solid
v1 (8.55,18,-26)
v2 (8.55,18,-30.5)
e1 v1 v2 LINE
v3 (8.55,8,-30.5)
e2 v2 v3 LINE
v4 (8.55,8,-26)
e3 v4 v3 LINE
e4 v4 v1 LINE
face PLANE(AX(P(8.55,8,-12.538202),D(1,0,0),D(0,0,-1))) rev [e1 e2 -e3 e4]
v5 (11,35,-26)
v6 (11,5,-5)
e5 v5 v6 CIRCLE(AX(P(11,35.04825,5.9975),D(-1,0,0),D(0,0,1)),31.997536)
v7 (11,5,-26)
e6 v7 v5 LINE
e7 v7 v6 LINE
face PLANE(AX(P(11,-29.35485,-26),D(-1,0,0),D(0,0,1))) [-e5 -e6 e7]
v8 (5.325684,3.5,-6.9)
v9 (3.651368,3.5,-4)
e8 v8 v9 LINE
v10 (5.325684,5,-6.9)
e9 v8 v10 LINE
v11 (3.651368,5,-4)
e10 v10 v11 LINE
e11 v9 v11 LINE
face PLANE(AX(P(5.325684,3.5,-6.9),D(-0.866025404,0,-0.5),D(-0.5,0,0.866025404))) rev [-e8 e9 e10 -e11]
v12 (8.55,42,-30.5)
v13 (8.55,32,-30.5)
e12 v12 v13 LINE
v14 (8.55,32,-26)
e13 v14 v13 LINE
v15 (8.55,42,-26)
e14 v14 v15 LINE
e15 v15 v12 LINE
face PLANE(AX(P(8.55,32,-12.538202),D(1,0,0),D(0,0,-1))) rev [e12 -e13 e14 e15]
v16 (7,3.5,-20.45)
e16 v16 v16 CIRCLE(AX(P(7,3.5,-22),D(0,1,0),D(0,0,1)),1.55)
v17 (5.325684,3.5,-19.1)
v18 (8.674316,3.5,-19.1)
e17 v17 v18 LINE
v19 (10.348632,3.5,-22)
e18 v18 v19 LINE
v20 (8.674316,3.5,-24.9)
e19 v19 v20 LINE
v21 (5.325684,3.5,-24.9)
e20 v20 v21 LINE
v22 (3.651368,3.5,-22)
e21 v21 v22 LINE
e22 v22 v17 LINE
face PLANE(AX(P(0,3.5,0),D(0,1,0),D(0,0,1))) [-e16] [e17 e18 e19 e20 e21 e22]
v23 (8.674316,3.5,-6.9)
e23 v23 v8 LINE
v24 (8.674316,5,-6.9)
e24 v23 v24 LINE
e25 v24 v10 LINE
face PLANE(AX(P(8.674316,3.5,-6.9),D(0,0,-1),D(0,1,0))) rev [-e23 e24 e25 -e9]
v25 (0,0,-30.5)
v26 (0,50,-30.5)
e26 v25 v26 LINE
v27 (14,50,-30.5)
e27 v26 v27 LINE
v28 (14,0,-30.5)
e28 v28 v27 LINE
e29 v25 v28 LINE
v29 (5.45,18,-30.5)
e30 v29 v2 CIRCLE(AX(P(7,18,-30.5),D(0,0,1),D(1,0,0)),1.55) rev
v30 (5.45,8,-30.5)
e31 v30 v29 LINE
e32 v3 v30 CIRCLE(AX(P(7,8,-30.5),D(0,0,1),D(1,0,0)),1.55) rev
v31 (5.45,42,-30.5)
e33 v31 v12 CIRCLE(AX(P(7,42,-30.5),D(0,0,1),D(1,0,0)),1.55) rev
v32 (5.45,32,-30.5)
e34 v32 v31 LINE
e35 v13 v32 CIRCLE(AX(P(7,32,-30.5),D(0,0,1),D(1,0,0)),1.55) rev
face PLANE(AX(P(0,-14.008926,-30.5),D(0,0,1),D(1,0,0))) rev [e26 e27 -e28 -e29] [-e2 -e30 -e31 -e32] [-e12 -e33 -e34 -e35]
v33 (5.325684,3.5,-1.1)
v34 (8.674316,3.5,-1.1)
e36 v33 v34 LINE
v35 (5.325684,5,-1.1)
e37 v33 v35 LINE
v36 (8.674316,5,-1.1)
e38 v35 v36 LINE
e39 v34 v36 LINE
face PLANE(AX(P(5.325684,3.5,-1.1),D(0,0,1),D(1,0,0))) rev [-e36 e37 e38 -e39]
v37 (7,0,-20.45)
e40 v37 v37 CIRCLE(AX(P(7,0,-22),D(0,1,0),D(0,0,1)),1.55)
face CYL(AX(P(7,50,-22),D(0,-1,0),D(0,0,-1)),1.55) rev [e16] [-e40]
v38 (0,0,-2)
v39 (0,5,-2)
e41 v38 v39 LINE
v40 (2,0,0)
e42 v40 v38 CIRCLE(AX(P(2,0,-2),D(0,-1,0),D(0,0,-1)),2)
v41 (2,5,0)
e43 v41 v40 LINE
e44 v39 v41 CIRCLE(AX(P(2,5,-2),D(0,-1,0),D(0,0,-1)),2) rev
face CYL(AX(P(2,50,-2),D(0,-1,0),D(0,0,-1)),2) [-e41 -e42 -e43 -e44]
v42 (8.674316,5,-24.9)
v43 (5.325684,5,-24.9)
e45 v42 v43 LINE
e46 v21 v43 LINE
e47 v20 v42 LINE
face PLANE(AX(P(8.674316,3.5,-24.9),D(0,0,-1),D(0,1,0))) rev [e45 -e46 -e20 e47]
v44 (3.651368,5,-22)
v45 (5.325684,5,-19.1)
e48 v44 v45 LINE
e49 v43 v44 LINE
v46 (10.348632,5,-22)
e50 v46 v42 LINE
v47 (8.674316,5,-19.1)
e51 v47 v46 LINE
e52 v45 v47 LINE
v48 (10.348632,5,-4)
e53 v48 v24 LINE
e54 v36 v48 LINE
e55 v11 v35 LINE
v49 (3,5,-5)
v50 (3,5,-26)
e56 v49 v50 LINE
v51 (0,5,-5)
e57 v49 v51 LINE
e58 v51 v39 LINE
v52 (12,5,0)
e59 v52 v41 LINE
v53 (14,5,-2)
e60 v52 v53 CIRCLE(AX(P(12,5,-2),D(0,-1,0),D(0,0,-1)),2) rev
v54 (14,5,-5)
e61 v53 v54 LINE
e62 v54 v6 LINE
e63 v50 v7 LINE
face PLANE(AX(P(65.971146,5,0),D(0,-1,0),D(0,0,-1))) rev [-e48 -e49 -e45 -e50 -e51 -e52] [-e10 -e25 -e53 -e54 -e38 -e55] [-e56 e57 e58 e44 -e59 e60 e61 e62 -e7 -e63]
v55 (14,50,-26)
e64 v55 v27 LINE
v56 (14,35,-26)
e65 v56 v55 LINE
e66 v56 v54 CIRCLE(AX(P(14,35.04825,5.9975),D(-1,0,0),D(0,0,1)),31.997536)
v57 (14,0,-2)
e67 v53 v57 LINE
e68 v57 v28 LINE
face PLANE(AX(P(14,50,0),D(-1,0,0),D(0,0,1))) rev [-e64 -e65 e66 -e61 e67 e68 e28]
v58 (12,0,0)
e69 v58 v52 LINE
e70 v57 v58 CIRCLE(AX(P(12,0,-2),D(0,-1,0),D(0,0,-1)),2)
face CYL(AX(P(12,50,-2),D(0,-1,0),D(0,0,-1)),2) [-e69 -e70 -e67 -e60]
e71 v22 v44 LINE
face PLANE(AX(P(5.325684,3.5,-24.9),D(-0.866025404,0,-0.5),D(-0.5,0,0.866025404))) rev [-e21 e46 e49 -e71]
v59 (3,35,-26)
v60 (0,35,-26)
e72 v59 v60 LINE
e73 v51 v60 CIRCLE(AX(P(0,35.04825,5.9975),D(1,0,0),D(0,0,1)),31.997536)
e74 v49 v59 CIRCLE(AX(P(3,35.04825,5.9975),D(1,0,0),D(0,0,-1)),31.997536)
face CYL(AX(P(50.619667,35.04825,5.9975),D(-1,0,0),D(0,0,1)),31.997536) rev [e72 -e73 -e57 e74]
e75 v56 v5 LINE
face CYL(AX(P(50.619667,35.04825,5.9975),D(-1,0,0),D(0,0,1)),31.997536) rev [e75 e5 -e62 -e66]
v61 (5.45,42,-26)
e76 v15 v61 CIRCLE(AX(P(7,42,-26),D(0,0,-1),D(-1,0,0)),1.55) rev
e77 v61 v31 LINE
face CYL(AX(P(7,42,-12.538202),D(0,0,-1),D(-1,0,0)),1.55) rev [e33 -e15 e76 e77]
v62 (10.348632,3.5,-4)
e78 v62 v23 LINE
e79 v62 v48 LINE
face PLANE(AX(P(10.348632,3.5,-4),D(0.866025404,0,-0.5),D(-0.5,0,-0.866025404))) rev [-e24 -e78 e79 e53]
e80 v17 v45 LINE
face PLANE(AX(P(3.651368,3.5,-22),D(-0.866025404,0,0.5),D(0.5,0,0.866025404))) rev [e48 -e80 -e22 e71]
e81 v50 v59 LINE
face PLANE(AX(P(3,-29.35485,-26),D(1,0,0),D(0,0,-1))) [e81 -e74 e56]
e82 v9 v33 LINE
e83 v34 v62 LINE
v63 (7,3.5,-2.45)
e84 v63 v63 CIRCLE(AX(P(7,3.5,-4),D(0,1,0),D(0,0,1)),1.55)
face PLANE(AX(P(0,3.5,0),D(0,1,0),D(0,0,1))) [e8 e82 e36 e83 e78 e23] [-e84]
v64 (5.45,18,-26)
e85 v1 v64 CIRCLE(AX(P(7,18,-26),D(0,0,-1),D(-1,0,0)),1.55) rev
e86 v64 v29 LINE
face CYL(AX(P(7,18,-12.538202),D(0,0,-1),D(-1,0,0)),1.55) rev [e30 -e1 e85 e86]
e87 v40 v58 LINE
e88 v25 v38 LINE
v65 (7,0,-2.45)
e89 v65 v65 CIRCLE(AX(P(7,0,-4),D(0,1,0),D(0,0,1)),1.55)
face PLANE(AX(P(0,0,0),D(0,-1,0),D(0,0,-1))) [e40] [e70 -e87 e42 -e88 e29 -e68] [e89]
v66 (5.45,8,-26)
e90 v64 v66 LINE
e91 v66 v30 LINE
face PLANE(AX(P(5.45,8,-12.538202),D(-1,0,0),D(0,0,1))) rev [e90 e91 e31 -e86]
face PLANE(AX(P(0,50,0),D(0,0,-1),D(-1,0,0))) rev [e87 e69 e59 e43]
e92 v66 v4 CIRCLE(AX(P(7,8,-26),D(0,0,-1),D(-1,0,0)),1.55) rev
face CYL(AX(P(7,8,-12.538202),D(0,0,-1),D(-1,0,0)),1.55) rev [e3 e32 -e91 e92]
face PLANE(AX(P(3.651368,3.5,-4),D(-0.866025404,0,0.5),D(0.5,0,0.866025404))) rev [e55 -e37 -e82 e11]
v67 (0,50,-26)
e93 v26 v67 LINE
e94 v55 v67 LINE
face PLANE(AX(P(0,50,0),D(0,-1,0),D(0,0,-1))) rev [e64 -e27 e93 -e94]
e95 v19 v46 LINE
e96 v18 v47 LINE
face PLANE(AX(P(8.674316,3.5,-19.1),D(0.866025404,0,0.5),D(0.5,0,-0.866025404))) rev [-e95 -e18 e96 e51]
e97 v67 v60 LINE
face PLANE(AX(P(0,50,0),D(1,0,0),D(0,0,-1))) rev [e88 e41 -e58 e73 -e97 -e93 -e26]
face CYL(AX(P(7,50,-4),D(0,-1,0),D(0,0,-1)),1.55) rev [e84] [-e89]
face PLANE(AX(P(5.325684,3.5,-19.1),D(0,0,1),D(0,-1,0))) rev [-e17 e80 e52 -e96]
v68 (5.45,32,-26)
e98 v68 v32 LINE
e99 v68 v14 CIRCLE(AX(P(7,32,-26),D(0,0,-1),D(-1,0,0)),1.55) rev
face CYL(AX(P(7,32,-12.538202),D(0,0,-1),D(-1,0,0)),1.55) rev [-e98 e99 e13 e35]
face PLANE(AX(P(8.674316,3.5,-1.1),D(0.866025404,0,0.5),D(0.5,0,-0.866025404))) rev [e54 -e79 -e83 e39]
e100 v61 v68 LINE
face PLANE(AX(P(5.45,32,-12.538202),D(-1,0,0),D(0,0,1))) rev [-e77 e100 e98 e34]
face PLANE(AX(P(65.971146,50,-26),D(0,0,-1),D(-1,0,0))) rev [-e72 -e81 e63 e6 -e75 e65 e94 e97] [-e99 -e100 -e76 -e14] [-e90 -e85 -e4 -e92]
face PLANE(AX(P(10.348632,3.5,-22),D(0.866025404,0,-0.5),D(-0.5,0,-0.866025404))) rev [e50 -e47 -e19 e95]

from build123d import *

# Parameters (mm, degrees)
CROQUIS2_W              = 14
CROQUIS2_H              = 31
CROQUIS2_R              = 1.55
SALIENTE_EXTRUIR1_DEPTH = 50
CROQUIS3_W              = 26
CROQUIS3_H              = 45
CORTAR_EXTRUIR1_DEPTH   = 14
CORTAR_EXTRUIR2_DEPTH   = 5
CORTAR_EXTRUIR3_DEPTH   = 1.5
SALIENTE_EXTRUIR3_DEPTH = 14
CROQUIS7_OUTSIDE_W      = 28.094
CROQUIS7_OUTSIDE_H      = 45.094
CORTAR_EXTRUIR5_DEPTH   = 45
REDONDEO1_R             = 2
CROQUIS8_W              = 14
CROQUIS8_H              = 0.5
CORTAR_EXTRUIR6_DEPTH   = 50


with BuildPart() as part:
    # Croquis2 → Saliente-Extruir1 (new body)
    with BuildSketch(Plane(origin=(0, 0, 0), x_dir=(1, 0, 0), z_dir=(0, 1, 0))):
        with Locations((7, 15.5)):
            Rectangle(CROQUIS2_W, CROQUIS2_H)
        with Locations((7, 22)):
            Circle(CROQUIS2_R, mode=Mode.SUBTRACT)
        with Locations((7, 4)):
            Circle(CROQUIS2_R, mode=Mode.SUBTRACT)
    extrude(amount=SALIENTE_EXTRUIR1_DEPTH)

    # Croquis3 → Cortar-Extruir1 (cut)
    with BuildSketch(Plane.ZY):
        with Locations((-13, 27.5)):
            Rectangle(CROQUIS3_W, CROQUIS3_H)
    extrude(amount=-CORTAR_EXTRUIR1_DEPTH, mode=Mode.SUBTRACT)

    # Croquis4 → Cortar-Extruir2 (cut)
    with BuildSketch(Plane(origin=(0, 0, -31), x_dir=(-1, 0, 0), z_dir=(0, 0, -1))):
        with BuildLine():
            Line((-8.55, 8), (-8.55, 18))
            ThreePointArc((-8.55, 18), (-7, 19.55), (-5.45, 18))
            Line((-5.45, 18), (-5.45, 8))
            ThreePointArc((-5.45, 8), (-7, 6.45), (-8.55, 8))
        make_face()
        with BuildLine():
            Line((-8.55, 32), (-8.55, 42))
            ThreePointArc((-8.55, 42), (-7, 43.55), (-5.45, 42))
            Line((-5.45, 42), (-5.45, 32))
            ThreePointArc((-5.45, 32), (-7, 30.45), (-8.55, 32))
        make_face()
    extrude(amount=-CORTAR_EXTRUIR2_DEPTH, mode=Mode.SUBTRACT)

    # Croquis5 → Cortar-Extruir3 (cut)
    with BuildSketch(Plane(origin=(0, 5, 0), x_dir=(1, 0, 0), z_dir=(0, 1, 0))):
        Polygon((10.348631561, 4), (8.674315781, 6.9), (5.325684219, 6.9), (3.651368439, 4), (5.325684219, 1.1), (8.674315781, 1.1), align=None)
        Polygon((8.674315781, 19.1), (10.348631561, 22), (8.674315781, 24.9), (5.325684219, 24.9), (3.651368439, 22), (5.325684219, 19.1), align=None)
    extrude(amount=-CORTAR_EXTRUIR3_DEPTH, mode=Mode.SUBTRACT)

    # Croquis6 → Saliente-Extruir3 (add)
    with BuildSketch(Plane.ZY):
        with BuildLine():
            Line((-26, 5), (-26, 35))
            ThreePointArc((-26, 35), (-20.21590319, 16.698867767), (-5, 5))
            Line((-5, 5), (-26, 5))
        make_face()
    extrude(amount=-SALIENTE_EXTRUIR3_DEPTH)

    # Croquis7 outside → Cortar-Extruir5 (cut)
    with BuildSketch(Plane(origin=(0, 50, 0), x_dir=(1, 0, 0), z_dir=(0, 1, 0))):
        with Locations((7, 15.5)):
            Rectangle(CROQUIS7_OUTSIDE_W, CROQUIS7_OUTSIDE_H)
        Polygon((0, 26), (0, 0), (3, 0), (3, 26), (11, 26), (11, 0), (14, 0), (14, 26), (14, 31), (0, 31), align=None, mode=Mode.SUBTRACT)
    extrude(amount=-CORTAR_EXTRUIR5_DEPTH, mode=Mode.SUBTRACT)

    # Redondeo1
    redondeo1_edges = [part.edges().sort_by_distance(p)[0] for p in [
        (14, 2.5, 0),
        (0, 2.5, 0),
    ]]
    fillet(redondeo1_edges, radius=REDONDEO1_R)

    # Croquis8 → Cortar-Extruir6 (cut)
    with BuildSketch(Plane(origin=(0, 50, 0), x_dir=(1, 0, 0), z_dir=(0, 1, 0))):
        with Locations((7, 30.75)):
            Rectangle(CROQUIS8_W, CROQUIS8_H)
    extrude(amount=-CORTAR_EXTRUIR6_DEPTH, mode=Mode.SUBTRACT)


solid = part.part
